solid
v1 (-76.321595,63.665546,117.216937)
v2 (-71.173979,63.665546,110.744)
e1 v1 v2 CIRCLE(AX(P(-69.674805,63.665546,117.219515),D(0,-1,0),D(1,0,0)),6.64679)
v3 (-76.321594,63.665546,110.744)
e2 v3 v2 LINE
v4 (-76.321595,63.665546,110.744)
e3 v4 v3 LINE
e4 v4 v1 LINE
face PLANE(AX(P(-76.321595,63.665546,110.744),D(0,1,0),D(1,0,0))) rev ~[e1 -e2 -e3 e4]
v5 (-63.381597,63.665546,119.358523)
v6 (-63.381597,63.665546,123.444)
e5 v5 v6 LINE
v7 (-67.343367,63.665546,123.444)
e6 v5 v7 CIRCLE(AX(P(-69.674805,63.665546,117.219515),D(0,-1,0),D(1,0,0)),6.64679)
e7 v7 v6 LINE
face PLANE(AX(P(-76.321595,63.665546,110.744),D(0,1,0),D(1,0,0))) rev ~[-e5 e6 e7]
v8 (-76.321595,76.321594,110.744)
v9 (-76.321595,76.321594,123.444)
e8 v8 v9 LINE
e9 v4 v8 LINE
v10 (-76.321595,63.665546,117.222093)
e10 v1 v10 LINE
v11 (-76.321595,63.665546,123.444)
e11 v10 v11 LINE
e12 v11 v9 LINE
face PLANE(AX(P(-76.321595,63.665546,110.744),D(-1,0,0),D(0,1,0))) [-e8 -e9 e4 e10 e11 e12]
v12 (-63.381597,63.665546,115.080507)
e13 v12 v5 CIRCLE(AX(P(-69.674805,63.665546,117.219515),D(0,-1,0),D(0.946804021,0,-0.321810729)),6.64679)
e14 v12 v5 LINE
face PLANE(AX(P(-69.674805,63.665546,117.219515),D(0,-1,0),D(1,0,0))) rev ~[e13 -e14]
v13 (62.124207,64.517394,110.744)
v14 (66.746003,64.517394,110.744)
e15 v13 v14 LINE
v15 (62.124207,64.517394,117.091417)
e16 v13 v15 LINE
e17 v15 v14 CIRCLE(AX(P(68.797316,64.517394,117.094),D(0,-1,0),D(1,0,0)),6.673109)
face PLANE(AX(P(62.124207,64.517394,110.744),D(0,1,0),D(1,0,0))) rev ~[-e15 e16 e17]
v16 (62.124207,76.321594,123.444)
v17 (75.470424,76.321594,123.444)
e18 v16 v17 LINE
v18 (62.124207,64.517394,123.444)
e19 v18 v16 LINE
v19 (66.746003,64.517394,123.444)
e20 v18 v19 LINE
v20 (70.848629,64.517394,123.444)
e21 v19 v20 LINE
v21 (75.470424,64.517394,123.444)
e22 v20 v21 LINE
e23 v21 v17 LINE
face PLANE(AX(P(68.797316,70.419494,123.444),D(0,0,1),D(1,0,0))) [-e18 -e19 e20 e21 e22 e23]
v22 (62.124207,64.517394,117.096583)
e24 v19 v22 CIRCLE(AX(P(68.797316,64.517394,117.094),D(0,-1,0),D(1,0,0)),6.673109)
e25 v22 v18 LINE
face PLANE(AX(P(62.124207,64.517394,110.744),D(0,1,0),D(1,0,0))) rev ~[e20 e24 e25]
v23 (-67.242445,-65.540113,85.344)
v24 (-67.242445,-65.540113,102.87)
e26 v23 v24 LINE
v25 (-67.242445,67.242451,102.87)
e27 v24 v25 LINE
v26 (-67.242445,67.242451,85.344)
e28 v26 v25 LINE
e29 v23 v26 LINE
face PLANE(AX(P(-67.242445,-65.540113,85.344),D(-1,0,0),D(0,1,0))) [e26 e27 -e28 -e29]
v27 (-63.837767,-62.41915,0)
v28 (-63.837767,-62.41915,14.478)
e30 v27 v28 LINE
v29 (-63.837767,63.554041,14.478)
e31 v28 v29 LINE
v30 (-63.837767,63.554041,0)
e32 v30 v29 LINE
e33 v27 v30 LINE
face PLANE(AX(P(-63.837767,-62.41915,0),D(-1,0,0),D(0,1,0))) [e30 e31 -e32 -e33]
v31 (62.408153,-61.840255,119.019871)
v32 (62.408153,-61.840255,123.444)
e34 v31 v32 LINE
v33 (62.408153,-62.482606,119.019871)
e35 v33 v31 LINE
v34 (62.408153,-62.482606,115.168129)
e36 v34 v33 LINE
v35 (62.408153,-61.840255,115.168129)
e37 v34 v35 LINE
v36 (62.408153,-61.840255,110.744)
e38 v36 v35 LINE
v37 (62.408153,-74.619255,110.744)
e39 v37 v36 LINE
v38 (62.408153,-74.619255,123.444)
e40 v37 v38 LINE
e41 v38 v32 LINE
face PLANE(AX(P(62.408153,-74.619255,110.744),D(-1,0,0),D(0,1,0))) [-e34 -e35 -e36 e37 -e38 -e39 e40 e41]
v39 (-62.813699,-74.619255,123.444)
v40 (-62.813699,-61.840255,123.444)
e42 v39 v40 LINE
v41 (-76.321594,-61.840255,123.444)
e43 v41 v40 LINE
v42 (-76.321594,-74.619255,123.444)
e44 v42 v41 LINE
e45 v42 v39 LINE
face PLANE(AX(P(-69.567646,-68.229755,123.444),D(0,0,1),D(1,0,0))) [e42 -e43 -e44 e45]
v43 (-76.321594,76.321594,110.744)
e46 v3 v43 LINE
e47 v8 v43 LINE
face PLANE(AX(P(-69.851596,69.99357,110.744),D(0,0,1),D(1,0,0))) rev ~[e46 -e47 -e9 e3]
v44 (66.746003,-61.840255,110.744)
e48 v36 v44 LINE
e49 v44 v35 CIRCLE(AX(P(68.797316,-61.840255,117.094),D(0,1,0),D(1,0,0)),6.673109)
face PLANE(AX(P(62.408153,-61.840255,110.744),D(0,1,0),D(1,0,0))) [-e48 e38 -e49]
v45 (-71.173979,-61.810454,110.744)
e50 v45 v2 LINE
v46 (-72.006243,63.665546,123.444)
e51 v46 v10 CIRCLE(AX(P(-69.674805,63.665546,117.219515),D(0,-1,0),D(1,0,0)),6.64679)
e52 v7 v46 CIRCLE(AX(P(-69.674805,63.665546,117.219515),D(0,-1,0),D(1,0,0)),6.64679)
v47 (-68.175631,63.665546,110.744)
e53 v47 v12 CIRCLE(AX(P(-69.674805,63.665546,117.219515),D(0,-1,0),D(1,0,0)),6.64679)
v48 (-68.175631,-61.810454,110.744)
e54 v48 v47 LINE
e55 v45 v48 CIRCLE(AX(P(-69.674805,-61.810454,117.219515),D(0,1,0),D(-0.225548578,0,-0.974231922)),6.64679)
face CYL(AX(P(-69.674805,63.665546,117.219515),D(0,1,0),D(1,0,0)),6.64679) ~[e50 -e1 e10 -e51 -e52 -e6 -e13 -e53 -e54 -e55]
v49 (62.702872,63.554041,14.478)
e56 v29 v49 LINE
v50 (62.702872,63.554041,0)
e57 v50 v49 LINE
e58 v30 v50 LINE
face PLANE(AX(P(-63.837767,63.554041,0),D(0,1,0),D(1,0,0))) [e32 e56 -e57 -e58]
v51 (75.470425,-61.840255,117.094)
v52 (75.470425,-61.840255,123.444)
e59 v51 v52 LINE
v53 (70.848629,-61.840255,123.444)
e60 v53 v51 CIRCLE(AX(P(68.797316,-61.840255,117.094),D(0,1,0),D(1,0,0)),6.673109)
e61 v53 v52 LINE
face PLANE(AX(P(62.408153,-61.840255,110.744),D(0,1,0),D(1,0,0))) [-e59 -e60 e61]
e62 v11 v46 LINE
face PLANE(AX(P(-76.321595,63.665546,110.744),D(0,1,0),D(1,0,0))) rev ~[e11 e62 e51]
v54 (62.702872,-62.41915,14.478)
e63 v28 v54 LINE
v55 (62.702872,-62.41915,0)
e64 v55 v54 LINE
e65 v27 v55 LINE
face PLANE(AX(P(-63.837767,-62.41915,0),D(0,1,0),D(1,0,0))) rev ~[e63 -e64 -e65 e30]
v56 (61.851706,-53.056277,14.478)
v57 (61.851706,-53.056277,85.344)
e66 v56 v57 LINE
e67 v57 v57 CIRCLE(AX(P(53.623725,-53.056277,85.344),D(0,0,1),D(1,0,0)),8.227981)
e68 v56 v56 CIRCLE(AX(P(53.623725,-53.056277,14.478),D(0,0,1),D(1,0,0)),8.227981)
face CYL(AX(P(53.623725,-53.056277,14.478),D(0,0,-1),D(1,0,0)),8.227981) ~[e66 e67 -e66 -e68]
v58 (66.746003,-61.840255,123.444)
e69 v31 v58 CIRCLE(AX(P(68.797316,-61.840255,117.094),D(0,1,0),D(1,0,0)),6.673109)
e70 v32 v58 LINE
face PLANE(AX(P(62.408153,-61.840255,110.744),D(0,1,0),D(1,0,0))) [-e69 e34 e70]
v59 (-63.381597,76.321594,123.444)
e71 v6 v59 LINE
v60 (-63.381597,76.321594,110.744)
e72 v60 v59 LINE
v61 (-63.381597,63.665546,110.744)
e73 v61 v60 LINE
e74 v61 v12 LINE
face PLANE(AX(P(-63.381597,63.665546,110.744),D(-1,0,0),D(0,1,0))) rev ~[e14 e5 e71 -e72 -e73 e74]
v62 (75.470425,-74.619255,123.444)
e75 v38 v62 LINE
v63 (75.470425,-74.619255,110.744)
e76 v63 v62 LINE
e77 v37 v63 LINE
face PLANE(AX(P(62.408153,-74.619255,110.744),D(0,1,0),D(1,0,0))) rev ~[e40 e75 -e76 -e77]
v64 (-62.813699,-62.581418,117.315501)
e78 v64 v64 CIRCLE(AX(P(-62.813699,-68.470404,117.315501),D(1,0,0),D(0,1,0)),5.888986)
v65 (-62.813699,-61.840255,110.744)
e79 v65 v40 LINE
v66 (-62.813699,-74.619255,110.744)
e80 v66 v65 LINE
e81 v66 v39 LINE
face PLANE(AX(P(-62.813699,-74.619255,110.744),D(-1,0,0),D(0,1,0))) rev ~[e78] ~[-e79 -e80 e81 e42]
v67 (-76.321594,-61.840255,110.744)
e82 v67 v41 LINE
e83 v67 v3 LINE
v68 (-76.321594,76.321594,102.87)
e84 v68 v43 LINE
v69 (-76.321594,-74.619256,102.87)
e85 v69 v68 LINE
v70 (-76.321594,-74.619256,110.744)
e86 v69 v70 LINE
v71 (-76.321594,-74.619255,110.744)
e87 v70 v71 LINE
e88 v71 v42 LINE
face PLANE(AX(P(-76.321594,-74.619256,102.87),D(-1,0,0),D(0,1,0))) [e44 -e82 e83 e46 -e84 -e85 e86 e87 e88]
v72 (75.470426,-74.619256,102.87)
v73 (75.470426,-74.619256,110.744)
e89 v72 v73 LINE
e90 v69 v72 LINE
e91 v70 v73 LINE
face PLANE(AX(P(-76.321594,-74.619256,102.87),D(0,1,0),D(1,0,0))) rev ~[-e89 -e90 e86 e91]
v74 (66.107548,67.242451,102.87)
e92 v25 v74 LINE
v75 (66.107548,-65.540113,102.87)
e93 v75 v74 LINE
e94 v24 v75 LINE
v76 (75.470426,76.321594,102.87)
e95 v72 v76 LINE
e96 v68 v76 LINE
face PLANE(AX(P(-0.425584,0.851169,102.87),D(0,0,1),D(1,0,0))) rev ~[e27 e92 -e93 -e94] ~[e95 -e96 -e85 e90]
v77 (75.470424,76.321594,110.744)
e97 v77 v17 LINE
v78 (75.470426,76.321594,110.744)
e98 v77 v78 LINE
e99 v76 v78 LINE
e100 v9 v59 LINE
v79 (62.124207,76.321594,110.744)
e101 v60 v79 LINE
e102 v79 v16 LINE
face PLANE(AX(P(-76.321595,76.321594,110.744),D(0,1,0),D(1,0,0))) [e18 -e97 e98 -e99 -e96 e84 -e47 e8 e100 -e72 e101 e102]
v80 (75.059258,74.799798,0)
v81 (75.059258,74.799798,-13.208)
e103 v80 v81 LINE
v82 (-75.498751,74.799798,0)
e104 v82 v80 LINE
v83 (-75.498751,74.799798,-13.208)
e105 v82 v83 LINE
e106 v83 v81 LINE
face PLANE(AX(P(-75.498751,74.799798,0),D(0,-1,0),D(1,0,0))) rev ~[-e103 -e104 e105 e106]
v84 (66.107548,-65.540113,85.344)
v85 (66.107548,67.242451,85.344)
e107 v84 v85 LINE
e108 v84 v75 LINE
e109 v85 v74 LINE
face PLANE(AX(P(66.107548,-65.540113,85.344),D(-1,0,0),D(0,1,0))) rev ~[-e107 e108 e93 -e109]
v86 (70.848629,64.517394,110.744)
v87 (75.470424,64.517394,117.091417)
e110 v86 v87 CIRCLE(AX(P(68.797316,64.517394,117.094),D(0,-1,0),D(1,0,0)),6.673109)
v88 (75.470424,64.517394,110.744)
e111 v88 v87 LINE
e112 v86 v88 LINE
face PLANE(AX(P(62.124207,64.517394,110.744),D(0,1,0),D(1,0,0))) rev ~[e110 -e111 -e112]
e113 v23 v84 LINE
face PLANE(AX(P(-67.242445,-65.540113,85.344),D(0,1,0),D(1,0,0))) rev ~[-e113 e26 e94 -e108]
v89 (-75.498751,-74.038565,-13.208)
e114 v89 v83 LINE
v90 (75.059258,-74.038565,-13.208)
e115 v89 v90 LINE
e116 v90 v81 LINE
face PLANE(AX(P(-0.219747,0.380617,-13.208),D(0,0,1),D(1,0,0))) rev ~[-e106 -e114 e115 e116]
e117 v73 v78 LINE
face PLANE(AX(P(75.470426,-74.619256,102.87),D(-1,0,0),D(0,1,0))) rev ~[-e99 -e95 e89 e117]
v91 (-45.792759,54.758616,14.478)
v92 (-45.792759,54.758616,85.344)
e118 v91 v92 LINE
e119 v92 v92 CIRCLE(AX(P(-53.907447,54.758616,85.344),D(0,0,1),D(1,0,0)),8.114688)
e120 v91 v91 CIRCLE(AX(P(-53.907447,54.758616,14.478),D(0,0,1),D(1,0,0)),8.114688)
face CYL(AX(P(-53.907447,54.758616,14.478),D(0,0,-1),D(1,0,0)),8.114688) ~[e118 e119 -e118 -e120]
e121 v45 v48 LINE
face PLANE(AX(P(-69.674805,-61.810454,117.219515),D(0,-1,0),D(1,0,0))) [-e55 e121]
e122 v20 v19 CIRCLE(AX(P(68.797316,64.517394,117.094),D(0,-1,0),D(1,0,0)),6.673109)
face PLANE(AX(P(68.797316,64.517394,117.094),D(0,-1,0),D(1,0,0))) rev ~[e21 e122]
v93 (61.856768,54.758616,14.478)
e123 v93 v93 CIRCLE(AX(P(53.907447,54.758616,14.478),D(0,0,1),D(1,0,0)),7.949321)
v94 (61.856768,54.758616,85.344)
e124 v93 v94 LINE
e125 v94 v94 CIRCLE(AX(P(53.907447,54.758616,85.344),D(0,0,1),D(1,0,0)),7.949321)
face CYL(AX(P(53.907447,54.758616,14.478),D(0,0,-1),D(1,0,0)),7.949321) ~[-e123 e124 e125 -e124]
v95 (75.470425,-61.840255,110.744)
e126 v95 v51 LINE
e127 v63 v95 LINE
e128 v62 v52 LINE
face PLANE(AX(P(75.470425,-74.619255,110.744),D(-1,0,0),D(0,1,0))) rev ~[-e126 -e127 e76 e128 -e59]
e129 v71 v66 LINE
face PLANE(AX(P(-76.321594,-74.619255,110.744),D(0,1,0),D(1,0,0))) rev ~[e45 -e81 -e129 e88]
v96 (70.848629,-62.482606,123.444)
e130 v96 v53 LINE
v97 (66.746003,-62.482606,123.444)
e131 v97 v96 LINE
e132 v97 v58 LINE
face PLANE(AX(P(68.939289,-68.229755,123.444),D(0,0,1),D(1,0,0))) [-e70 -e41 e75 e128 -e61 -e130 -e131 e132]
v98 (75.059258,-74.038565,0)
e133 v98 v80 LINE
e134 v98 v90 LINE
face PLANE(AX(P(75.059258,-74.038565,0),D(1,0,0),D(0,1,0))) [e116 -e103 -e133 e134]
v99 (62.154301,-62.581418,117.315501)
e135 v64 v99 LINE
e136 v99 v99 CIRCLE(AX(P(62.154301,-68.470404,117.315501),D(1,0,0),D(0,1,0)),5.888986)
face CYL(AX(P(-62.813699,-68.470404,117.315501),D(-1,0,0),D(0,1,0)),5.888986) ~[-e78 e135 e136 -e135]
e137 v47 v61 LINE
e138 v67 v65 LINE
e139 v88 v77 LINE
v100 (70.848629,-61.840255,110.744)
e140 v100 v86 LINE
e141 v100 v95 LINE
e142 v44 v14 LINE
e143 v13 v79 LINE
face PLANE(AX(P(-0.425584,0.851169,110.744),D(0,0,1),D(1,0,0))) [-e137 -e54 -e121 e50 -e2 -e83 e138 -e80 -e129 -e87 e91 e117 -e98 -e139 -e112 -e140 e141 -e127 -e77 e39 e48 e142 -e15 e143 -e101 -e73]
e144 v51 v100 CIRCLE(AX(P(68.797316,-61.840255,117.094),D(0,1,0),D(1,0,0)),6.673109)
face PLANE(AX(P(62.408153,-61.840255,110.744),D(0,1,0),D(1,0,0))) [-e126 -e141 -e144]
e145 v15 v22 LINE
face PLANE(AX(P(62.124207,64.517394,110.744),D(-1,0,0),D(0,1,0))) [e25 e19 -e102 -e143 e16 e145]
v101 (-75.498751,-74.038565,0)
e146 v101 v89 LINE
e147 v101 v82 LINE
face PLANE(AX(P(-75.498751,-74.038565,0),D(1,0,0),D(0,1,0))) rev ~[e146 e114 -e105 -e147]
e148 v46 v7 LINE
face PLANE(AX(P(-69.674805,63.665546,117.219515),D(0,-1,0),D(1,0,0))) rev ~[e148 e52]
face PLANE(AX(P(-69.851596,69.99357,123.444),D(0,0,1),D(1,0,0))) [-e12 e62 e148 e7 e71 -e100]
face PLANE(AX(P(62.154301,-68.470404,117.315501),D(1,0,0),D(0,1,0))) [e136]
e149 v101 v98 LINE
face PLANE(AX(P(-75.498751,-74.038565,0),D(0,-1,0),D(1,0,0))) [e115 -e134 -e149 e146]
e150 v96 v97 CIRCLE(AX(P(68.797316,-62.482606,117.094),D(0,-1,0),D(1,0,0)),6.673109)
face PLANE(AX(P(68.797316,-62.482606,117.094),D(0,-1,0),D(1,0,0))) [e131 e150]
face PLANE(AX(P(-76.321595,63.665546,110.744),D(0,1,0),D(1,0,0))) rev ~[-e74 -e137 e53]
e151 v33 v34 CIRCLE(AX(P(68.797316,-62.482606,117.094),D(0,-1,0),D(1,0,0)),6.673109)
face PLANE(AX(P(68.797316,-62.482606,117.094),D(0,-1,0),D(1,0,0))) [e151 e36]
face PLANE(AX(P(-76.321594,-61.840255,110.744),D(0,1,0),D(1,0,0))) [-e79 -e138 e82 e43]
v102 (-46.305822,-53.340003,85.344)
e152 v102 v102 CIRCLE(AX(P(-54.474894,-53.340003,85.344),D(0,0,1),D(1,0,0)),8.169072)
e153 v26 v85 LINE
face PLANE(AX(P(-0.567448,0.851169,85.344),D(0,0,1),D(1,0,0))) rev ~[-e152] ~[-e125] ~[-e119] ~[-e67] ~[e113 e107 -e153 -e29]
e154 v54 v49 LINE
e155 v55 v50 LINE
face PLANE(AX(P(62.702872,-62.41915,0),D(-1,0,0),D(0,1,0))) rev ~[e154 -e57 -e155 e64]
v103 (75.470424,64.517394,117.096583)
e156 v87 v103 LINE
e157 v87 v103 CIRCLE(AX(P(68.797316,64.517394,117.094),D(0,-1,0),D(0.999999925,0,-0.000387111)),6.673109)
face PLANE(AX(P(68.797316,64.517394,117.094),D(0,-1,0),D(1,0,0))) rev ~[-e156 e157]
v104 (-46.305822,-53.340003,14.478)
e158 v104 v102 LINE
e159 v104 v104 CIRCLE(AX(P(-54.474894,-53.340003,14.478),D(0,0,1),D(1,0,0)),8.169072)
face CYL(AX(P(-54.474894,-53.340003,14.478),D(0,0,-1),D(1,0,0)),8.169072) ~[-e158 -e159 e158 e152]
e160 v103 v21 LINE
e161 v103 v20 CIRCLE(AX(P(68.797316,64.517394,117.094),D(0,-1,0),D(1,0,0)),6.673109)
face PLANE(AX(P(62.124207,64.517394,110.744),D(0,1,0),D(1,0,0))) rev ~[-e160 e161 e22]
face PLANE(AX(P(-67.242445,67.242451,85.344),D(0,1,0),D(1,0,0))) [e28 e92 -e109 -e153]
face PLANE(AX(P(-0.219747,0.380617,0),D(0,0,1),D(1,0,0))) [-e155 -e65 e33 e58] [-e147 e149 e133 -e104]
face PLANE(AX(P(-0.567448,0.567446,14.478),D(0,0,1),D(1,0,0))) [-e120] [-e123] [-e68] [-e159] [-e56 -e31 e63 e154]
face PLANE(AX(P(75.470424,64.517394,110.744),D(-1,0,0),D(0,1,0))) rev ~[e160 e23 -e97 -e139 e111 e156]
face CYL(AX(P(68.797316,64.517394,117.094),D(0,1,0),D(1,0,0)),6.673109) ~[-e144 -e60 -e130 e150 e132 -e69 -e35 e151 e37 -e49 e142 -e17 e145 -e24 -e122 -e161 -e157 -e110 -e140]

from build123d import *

# Parameters (mm, degrees)
F0_W      = 150.558009
F0_H      = 148.838363
F1_DEPTH  = 13.208
F2_W      = 126.540639
F2_H      = 125.973191
F3_DEPTH  = 14.478
F4_R      = 8.114688
F4_R_2    = 8.169072
F4_R_3    = 8.227981
F4_R_4    = 7.949321
F5_DEPTH  = 70.866
F6_W      = 133.349993
F6_H      = 132.782564
F7_DEPTH  = 17.526
F8_W      = 151.792019
F8_H      = 150.94085
F9_DEPTH  = 7.874
F10_W     = 12.939997
F10_H     = 12.656048
F10_W_2   = 13.507895
F10_H_2   = 12.779001
F10_W_3   = 13.062272
F10_W_4   = 13.346217
F10_H_3   = 11.8042
F11_DEPTH = 12.7
F12_R     = 6.673109
F13_DEPTH = 127
F14_R     = 6.64679
F15_DEPTH = 125.476
F16_R     = 5.888986
F17_DEPTH = 124.968


with BuildPart() as f1:
    # F0 (on Top) → F1 (new body)
    with BuildSketch(Plane.XY):
        with Locations((-0.219747, 0.380617)):
            Rectangle(F0_W, F0_H)
    extrude(amount=-F1_DEPTH)

    # F2 (on face) → F3 (join)
    with BuildSketch(Plane.XY):
        with Locations((-0.567448, 0.567446)):
            Rectangle(F2_W, F2_H)
    extrude(amount=F3_DEPTH)

    # F4 (on face) → F5 (join)
    with BuildSketch(Plane.XY.offset(14.478)):
        with Locations((-53.907447, 54.758616)):
            Circle(F4_R)
        with Locations((-54.474894, -53.340003)):
            Circle(F4_R_2)
        with Locations((53.623725, -53.056277)):
            Circle(F4_R_3)
        with Locations((53.907447, 54.758616)):
            Circle(F4_R_4)
    extrude(amount=F5_DEPTH)

    # F6 (on face) → F7 (join)
    with BuildSketch(Plane.XY.offset(85.344)):
        with Locations((-0.567448, 0.851169)):
            Rectangle(F6_W, F6_H)
    extrude(amount=F7_DEPTH)

    # F8 (on face) → F9 (join)
    with BuildSketch(Plane.XY.offset(102.87)):
        with Locations((-0.425584, 0.851169)):
            Rectangle(F8_W, F8_H)
    extrude(amount=F9_DEPTH)

    # F10 (on face) → F11 (join)
    with BuildSketch(Plane.XY.offset(110.744)):
        with Locations((-69.851596, 69.99357)):
            Rectangle(F10_W, F10_H)
        with Locations((-69.567646, -68.229755)):
            Rectangle(F10_W_2, F10_H_2)
        with Locations((68.939289, -68.229755)):
            Rectangle(F10_W_3, F10_H_2)
        with Locations((68.797316, 70.419494)):
            Rectangle(F10_W_4, F10_H_3)
    extrude(amount=F11_DEPTH)

    # F12 (on face) → F13 (join)
    with BuildSketch(Plane.XZ.offset(-64.517394)):
        with Locations((68.797316, 117.094)):
            Circle(F12_R)
    extrude(amount=F13_DEPTH)

    # F14 (on face) → F15 (join)
    with BuildSketch(Plane.XZ.offset(-63.665546)):
        with Locations((-69.674805, 117.219515)):
            Circle(F14_R)
    extrude(amount=F15_DEPTH)

    # F16 (on face) → F17 (join)
    with BuildSketch(Plane.YZ.offset(-62.813699)):
        with Locations((-68.470404, 117.315501)):
            Circle(F16_R)
    extrude(amount=F17_DEPTH)


solid = f1.part
